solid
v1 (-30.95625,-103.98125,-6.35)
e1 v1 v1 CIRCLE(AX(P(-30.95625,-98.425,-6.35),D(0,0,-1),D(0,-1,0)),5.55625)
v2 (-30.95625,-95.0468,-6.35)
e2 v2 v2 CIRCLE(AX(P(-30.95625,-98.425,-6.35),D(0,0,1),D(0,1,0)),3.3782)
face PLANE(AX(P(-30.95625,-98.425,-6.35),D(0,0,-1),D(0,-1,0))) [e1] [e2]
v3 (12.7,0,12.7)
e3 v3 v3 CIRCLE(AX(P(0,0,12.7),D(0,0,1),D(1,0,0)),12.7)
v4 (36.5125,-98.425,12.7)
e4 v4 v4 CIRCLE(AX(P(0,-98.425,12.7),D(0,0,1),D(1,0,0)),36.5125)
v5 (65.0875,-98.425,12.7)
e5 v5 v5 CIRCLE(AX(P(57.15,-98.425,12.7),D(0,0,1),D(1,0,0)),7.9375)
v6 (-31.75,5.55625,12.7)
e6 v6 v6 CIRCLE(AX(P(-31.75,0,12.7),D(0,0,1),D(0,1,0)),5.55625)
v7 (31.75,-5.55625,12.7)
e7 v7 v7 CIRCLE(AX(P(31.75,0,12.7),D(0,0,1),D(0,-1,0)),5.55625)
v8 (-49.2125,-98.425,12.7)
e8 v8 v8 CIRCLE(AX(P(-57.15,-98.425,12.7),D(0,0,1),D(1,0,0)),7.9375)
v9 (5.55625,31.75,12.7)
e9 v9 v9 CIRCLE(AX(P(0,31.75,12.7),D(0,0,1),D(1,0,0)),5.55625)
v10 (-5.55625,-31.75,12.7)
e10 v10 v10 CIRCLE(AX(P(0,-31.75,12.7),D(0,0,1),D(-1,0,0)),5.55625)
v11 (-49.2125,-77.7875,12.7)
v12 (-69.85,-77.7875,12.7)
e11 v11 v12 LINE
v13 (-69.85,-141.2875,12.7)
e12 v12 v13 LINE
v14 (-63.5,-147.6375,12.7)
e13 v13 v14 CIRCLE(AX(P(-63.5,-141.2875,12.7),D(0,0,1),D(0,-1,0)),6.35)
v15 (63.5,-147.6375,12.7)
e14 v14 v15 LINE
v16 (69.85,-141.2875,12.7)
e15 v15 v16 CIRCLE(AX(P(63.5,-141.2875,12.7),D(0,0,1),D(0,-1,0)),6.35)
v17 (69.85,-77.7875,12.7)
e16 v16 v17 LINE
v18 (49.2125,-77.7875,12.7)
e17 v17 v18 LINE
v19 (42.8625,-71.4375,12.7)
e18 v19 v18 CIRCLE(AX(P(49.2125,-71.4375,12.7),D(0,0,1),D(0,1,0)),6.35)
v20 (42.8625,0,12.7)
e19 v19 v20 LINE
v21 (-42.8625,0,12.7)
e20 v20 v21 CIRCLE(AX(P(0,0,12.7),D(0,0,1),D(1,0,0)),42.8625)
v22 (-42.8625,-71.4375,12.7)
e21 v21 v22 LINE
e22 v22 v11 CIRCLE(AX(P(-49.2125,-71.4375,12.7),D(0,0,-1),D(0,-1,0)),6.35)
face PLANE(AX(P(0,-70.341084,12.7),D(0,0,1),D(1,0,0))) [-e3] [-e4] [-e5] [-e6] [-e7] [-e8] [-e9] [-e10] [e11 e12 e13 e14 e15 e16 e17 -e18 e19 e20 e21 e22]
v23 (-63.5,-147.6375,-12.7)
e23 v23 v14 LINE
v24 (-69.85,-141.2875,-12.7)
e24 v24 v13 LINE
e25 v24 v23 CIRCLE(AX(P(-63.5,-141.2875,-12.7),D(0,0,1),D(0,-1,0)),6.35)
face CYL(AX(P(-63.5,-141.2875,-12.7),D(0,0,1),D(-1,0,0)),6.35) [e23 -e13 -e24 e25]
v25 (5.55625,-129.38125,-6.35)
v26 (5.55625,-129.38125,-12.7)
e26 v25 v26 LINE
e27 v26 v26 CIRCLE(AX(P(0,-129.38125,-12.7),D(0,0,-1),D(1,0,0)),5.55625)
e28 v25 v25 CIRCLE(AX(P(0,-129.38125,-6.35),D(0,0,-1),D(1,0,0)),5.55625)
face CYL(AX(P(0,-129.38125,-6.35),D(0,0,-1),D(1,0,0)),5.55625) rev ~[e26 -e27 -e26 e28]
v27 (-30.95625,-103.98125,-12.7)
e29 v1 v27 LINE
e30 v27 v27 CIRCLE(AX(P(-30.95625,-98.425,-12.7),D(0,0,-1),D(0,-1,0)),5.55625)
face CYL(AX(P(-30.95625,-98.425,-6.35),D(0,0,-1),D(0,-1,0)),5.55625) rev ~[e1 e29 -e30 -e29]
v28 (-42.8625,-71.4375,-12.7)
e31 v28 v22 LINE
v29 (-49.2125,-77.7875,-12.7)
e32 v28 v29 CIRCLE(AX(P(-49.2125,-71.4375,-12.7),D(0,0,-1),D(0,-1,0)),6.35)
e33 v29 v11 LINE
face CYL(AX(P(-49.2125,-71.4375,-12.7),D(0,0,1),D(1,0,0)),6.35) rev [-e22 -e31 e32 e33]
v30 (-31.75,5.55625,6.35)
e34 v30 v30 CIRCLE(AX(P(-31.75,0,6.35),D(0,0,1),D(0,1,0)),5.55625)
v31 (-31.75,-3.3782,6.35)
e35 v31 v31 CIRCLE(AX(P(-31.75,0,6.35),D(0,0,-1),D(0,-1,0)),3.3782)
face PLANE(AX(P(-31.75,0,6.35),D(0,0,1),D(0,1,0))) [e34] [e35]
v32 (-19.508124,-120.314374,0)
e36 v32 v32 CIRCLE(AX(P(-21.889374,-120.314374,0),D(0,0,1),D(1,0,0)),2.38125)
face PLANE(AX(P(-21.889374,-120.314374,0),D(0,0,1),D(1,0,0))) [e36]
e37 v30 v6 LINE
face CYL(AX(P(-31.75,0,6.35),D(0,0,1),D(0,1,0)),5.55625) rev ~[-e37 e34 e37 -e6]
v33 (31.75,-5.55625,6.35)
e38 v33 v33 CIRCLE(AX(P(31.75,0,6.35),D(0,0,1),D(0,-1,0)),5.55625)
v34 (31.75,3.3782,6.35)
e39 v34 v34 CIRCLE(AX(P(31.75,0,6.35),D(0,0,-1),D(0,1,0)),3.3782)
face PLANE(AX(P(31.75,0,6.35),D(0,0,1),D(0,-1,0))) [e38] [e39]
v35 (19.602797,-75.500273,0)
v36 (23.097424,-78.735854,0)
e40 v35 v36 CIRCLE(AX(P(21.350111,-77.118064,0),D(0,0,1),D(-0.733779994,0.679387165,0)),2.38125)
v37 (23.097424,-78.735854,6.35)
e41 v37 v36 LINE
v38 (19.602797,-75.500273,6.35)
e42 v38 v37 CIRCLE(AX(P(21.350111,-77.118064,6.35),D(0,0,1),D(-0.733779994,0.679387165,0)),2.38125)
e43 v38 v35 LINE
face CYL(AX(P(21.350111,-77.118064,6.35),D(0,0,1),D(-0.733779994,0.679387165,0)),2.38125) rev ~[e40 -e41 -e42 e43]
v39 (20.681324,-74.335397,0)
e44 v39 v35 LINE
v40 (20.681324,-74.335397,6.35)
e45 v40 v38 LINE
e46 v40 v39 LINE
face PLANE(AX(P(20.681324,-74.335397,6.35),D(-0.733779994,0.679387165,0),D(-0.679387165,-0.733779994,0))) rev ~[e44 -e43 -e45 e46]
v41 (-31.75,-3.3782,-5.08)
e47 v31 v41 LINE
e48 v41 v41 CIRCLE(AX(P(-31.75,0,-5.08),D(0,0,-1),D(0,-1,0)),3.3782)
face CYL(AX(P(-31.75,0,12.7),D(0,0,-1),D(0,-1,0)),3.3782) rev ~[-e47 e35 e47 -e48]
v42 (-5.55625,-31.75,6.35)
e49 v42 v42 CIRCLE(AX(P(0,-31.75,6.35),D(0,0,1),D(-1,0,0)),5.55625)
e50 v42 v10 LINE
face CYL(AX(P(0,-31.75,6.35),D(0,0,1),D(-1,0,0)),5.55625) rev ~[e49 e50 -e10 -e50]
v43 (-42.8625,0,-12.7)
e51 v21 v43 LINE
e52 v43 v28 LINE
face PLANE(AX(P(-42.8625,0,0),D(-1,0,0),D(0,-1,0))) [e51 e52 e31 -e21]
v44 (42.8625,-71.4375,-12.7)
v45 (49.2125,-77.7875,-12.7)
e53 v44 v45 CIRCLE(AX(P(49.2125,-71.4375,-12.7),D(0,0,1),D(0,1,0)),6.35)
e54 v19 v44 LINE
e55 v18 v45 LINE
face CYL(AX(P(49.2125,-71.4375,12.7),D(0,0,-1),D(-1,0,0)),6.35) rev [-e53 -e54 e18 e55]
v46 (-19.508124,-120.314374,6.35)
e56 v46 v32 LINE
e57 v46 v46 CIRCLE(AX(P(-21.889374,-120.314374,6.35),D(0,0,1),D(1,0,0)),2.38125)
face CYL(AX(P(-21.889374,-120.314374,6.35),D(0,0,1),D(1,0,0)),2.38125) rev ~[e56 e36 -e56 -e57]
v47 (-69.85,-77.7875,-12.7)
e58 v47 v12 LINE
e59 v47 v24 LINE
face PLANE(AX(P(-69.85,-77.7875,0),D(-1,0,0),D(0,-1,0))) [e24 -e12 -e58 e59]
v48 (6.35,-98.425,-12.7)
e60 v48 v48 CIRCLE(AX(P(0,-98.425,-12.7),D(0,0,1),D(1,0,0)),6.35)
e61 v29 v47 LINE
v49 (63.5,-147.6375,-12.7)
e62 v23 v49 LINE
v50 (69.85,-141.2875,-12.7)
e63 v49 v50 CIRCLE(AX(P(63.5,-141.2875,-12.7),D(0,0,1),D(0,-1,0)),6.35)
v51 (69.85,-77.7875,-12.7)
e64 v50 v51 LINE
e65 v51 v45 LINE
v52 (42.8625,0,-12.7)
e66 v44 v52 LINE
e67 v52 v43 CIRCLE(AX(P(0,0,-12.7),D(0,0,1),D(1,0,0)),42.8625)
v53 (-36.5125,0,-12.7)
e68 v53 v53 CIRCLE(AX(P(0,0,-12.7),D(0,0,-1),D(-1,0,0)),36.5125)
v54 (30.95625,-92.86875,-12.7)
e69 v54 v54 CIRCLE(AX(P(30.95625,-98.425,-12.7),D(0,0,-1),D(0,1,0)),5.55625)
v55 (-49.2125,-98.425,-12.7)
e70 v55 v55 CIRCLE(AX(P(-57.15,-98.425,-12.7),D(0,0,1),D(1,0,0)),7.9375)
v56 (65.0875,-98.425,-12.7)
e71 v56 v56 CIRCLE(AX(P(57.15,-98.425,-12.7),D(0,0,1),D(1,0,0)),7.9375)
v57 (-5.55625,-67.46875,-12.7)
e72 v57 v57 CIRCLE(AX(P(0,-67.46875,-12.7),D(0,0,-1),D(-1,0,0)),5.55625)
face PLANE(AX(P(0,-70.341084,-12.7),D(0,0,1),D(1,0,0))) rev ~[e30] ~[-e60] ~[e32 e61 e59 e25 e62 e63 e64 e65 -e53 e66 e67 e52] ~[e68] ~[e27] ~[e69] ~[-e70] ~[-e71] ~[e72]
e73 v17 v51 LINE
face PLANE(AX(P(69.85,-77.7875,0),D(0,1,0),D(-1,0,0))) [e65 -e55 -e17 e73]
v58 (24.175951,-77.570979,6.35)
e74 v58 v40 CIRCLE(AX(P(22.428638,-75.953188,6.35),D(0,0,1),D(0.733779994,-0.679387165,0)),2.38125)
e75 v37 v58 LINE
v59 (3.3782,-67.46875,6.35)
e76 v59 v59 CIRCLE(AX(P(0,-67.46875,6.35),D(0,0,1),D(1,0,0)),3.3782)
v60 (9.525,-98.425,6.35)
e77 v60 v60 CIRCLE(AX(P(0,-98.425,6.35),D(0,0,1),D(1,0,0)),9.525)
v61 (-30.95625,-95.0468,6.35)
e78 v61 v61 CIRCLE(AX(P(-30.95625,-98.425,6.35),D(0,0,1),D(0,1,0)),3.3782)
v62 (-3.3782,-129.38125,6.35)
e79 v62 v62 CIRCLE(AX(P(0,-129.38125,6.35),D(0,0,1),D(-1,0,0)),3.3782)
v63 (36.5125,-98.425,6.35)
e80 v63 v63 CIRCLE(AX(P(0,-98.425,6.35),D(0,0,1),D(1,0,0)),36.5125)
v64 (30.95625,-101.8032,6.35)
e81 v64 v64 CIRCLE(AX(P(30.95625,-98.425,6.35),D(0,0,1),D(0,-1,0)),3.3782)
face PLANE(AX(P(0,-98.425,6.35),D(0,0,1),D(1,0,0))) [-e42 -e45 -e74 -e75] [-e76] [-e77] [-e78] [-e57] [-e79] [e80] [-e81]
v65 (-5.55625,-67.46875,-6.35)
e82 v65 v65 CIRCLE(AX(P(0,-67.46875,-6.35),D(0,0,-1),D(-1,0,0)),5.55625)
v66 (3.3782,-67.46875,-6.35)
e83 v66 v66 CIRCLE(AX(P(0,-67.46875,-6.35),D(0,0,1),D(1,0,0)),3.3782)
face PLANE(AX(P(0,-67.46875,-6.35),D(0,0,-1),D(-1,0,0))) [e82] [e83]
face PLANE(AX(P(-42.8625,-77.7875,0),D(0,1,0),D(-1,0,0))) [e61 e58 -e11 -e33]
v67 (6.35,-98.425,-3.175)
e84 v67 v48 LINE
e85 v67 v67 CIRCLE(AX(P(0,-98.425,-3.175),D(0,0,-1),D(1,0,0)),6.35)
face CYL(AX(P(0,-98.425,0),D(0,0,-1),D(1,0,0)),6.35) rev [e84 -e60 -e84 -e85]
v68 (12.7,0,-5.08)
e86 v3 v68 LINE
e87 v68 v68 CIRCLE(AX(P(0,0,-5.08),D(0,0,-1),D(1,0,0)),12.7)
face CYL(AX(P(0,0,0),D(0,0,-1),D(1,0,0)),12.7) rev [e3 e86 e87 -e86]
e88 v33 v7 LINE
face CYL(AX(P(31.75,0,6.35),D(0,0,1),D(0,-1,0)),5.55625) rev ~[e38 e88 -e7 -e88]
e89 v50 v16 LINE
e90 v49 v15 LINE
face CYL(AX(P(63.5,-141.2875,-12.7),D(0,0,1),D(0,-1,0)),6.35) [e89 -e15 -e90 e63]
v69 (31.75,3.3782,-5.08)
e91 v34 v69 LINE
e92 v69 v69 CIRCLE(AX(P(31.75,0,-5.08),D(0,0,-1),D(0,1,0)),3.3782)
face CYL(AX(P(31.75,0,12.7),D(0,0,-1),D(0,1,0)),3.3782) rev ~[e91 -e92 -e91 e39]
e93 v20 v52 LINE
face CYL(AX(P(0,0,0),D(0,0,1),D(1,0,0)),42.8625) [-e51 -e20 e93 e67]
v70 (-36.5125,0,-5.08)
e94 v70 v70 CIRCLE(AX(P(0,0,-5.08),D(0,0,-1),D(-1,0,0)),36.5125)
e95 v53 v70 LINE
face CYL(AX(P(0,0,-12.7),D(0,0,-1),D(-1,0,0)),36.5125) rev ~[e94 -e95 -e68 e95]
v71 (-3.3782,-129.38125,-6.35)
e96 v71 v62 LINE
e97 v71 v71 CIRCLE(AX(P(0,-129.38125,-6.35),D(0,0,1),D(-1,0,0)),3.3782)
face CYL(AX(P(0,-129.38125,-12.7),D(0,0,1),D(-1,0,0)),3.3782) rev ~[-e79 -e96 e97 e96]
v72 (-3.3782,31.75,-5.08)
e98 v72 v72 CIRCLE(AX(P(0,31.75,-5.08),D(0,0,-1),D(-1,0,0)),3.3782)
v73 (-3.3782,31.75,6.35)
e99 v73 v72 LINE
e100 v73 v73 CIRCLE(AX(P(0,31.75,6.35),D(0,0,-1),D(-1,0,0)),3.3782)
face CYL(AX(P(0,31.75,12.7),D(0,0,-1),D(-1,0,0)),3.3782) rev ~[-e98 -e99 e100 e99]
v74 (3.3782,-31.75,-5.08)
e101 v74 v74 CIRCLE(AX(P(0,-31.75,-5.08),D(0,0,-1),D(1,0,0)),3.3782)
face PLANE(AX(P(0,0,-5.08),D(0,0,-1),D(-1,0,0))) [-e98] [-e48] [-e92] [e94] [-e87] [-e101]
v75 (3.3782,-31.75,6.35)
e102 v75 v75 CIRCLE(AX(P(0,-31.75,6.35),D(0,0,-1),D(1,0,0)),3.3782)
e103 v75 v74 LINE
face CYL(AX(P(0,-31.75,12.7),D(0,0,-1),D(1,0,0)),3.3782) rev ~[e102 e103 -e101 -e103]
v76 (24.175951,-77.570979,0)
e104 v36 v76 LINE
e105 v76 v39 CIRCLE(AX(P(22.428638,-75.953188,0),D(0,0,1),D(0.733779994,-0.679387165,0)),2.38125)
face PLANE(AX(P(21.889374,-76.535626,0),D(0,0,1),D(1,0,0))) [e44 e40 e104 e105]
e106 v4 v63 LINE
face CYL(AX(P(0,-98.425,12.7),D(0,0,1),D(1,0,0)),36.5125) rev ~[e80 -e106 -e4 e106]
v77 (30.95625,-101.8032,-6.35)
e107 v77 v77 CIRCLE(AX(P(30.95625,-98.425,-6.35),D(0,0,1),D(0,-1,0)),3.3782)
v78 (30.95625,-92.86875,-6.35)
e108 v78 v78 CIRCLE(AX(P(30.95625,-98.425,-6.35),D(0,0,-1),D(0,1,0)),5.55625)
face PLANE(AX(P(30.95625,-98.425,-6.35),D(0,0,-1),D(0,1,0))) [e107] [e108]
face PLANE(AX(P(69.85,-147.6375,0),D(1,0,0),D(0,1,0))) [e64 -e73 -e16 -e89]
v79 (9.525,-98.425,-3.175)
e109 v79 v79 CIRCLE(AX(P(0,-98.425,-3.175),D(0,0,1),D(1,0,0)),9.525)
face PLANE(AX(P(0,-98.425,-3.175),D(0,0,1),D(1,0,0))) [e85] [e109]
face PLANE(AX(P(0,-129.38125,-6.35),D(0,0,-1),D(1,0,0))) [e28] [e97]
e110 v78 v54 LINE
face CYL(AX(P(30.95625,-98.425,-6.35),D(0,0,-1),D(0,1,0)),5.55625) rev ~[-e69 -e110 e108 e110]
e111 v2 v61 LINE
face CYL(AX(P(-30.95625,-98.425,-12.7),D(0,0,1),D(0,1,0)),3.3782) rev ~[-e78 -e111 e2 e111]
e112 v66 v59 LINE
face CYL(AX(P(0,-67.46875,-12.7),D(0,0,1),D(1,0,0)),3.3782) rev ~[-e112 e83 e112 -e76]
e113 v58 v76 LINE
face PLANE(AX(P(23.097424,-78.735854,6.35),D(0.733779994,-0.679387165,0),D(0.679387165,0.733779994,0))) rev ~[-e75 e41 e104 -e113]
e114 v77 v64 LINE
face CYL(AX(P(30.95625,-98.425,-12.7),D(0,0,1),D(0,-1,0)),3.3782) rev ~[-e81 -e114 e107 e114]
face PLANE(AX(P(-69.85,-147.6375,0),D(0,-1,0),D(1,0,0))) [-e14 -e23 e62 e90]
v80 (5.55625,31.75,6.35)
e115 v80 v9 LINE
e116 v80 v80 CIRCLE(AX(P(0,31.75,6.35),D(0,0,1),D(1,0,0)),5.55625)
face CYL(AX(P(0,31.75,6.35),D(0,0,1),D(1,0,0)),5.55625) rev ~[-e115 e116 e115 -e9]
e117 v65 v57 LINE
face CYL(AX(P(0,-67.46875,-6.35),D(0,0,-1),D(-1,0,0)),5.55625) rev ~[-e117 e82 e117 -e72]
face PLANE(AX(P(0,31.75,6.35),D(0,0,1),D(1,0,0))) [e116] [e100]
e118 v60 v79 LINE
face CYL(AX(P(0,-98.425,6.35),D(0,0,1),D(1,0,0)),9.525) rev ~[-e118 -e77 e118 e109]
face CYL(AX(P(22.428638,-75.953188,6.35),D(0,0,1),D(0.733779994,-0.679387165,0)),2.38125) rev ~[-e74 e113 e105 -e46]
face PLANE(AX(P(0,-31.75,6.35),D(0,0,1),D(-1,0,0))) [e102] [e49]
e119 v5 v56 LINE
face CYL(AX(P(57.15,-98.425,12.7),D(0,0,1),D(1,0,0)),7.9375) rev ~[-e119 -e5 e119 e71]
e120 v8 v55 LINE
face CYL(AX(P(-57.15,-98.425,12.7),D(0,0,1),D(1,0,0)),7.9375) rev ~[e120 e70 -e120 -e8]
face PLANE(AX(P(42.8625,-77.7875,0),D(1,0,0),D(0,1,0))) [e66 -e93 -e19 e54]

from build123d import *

# Parameters (mm, degrees)
BOLT_CIRCLE_R                                     = 12.7
BOLT_CIRCLE_R_2                                   = 6.35
BASE_DEPTH                                        = 12.7
STRUCTURE_TUBE_CONNECTION_COUNTERBORE_D           = 6.7564
STRUCTURE_TUBE_CONNECTION_COUNTERBORE_CBORE_D     = 11.1125
STRUCTURE_TUBE_CONNECTION_COUNTERBORE_CBORE_DEPTH = 6.35
STRUCTURE_TUBE_CONNECTION_COUNTERBORE_PA_COUNT    = 4
SPINDLE_CONNECTION_COUNTERBORE_D                  = 6.7564
SPINDLE_CONNECTION_COUNTERBORE_CBORE_D            = 11.1125
SPINDLE_CONNECTION_COUNTERBORE_CBORE_DEPTH        = 6.35
SPINDLE_CONNECTION_COUNTERBORE_PATTERN_COUNT      = 4
SKETCH16_R                                        = 36.5125
STRUCTURE_TUBE_MOUNTING_POCKET_DEPTH              = 6.35
SKETCH17_R                                        = 36.5125
SPINDLE_MOUNTING_POCKET_DEPTH                     = 7.62
SKETCH18_R                                        = 9.525
LEAD_SCREW_THROUGH_HOLE_DEPTH                     = 9.525
SKETCH20_R                                        = 7.9375
RAIL_MOUNTING_PILOT_HOLES_DEPTH                   = 166.290695159
SKETCH27_R                                        = 2.38125
ALIGNMENT_FEATURES_DEPTH                          = 6.35
GENERIC_ROUNDING_FILLET_R                         = 6.35


with BuildPart() as part:
    # Bolt circle → Base (new, symmetric)
    with BuildSketch(Plane.XY):
        with BuildLine():
            Line((-42.8625, 0), (-42.8625, -77.7875))
            Line((-42.8625, -77.7875), (-69.85, -77.7875))
            Line((-69.85, -77.7875), (-69.85, -147.6375))
            Line((-69.85, -147.6375), (69.85, -147.6375))
            Line((69.85, -147.6375), (69.85, -77.7875))
            Line((69.85, -77.7875), (42.8625, -77.7875))
            Line((42.8625, -77.7875), (42.8625, 0))
            ThreePointArc((42.8625, 0), (0, 42.8625), (-42.8625, 0))
        make_face()
        Circle(BOLT_CIRCLE_R, mode=Mode.SUBTRACT)
        with Locations((0, -98.425)):
            Circle(BOLT_CIRCLE_R_2, mode=Mode.SUBTRACT)
    extrude(amount=BASE_DEPTH, both=True)

    # Structure tube connection counterbore (through all)
    with Locations(Plane(origin=(0, 0, -12.7), x_dir=(-1, 0, 0), z_dir=(0, 0, -1))):
        with Locations((0, -67.46875)):
            structure_tube_connection_counterbore = CounterBoreHole(STRUCTURE_TUBE_CONNECTION_COUNTERBORE_D / 2, STRUCTURE_TUBE_CONNECTION_COUNTERBORE_CBORE_D / 2, STRUCTURE_TUBE_CONNECTION_COUNTERBORE_CBORE_DEPTH)

    # Structure tube connection counterbore pattern: Structure tube connection counterbore ×4 about axis
    structure_tube_connection_counterbore_pa_axis = Axis((0, -98.425, 12.7), (0, 0, -1))
    for i in range(1, STRUCTURE_TUBE_CONNECTION_COUNTERBORE_PA_COUNT):
        add(structure_tube_connection_counterbore.rotate(structure_tube_connection_counterbore_pa_axis, i * 360 / STRUCTURE_TUBE_CONNECTION_COUNTERBORE_PA_COUNT), mode=Mode.SUBTRACT)

    # Spindle connection counterbore (through all)
    with Locations(Plane.XY.offset(12.7)):
        with Locations((0, 31.75)):
            spindle_connection_counterbore = CounterBoreHole(SPINDLE_CONNECTION_COUNTERBORE_D / 2, SPINDLE_CONNECTION_COUNTERBORE_CBORE_D / 2, SPINDLE_CONNECTION_COUNTERBORE_CBORE_DEPTH)

    # Spindle connection counterbore pattern: Spindle connection counterbore ×4 about axis
    spindle_connection_counterbore_pattern_axis = Axis((0, 0, 12.7), (0, 0, -1))
    for i in range(1, SPINDLE_CONNECTION_COUNTERBORE_PATTERN_COUNT):
        add(spindle_connection_counterbore.rotate(spindle_connection_counterbore_pattern_axis, i * 360 / SPINDLE_CONNECTION_COUNTERBORE_PATTERN_COUNT), mode=Mode.SUBTRACT)

    # Sketch16 → Structure tube mounting pocket (cut)
    with BuildSketch(Plane.XY.offset(12.7)):
        with Locations((0, -98.425)):
            Circle(SKETCH16_R)
    extrude(amount=-STRUCTURE_TUBE_MOUNTING_POCKET_DEPTH, mode=Mode.SUBTRACT)

    # Sketch17 → Spindle mounting pocket (cut)
    with BuildSketch(Plane(origin=(0, 0, -12.7), x_dir=(-1, 0, 0), z_dir=(0, 0, -1))):
        Circle(SKETCH17_R)
    extrude(amount=-SPINDLE_MOUNTING_POCKET_DEPTH, mode=Mode.SUBTRACT)

    # Sketch18 → Lead screw through hole (cut)
    with BuildSketch(Plane.XY.offset(6.35)):
        with Locations((0, -98.425)):
            Circle(SKETCH18_R)
    extrude(amount=-LEAD_SCREW_THROUGH_HOLE_DEPTH, mode=Mode.SUBTRACT)

    # Sketch20 → Rail mounting pilot_holes (cut, through all)
    with BuildSketch(Plane.XY.offset(12.7)):
        with Locations((57.15, -98.425)):
            Circle(SKETCH20_R)
        with Locations((-57.15, -98.425)):
            Circle(SKETCH20_R)
    extrude(amount=-RAIL_MOUNTING_PILOT_HOLES_DEPTH, mode=Mode.SUBTRACT)

    # Sketch27 → Alignment_features (cut)
    with BuildSketch(Plane.XY.offset(6.35)):
        with Locations((-21.889374295, -120.314374295)):
            Circle(SKETCH27_R)
        with BuildLine():
            Line((20.681324246, -74.335397148), (19.602797121, -75.500272889))
            ThreePointArc((19.602797121, -75.500272889), (19.732320046, -78.865377187), (23.097424344, -78.735854262))
            Line((23.097424344, -78.735854262), (24.175951469, -77.570978521))
            ThreePointArc((24.175951469, -77.570978521), (24.046428544, -74.205874223), (20.681324246, -74.335397148))
        make_face()
    extrude(amount=-ALIGNMENT_FEATURES_DEPTH, mode=Mode.SUBTRACT)

    # Generic_rounding_fillet
    generic_rounding_fillet_edges = [part.edges().sort_by_distance(p)[0] for p in [
        (42.8625, -77.7875, 0),
        (-42.8625, -77.7875, 0),
        (-69.85, -147.6375, 0),
        (69.85, -147.6375, 0),
    ]]
    fillet(generic_rounding_fillet_edges, radius=GENERIC_ROUNDING_FILLET_R)


solid = part.part
